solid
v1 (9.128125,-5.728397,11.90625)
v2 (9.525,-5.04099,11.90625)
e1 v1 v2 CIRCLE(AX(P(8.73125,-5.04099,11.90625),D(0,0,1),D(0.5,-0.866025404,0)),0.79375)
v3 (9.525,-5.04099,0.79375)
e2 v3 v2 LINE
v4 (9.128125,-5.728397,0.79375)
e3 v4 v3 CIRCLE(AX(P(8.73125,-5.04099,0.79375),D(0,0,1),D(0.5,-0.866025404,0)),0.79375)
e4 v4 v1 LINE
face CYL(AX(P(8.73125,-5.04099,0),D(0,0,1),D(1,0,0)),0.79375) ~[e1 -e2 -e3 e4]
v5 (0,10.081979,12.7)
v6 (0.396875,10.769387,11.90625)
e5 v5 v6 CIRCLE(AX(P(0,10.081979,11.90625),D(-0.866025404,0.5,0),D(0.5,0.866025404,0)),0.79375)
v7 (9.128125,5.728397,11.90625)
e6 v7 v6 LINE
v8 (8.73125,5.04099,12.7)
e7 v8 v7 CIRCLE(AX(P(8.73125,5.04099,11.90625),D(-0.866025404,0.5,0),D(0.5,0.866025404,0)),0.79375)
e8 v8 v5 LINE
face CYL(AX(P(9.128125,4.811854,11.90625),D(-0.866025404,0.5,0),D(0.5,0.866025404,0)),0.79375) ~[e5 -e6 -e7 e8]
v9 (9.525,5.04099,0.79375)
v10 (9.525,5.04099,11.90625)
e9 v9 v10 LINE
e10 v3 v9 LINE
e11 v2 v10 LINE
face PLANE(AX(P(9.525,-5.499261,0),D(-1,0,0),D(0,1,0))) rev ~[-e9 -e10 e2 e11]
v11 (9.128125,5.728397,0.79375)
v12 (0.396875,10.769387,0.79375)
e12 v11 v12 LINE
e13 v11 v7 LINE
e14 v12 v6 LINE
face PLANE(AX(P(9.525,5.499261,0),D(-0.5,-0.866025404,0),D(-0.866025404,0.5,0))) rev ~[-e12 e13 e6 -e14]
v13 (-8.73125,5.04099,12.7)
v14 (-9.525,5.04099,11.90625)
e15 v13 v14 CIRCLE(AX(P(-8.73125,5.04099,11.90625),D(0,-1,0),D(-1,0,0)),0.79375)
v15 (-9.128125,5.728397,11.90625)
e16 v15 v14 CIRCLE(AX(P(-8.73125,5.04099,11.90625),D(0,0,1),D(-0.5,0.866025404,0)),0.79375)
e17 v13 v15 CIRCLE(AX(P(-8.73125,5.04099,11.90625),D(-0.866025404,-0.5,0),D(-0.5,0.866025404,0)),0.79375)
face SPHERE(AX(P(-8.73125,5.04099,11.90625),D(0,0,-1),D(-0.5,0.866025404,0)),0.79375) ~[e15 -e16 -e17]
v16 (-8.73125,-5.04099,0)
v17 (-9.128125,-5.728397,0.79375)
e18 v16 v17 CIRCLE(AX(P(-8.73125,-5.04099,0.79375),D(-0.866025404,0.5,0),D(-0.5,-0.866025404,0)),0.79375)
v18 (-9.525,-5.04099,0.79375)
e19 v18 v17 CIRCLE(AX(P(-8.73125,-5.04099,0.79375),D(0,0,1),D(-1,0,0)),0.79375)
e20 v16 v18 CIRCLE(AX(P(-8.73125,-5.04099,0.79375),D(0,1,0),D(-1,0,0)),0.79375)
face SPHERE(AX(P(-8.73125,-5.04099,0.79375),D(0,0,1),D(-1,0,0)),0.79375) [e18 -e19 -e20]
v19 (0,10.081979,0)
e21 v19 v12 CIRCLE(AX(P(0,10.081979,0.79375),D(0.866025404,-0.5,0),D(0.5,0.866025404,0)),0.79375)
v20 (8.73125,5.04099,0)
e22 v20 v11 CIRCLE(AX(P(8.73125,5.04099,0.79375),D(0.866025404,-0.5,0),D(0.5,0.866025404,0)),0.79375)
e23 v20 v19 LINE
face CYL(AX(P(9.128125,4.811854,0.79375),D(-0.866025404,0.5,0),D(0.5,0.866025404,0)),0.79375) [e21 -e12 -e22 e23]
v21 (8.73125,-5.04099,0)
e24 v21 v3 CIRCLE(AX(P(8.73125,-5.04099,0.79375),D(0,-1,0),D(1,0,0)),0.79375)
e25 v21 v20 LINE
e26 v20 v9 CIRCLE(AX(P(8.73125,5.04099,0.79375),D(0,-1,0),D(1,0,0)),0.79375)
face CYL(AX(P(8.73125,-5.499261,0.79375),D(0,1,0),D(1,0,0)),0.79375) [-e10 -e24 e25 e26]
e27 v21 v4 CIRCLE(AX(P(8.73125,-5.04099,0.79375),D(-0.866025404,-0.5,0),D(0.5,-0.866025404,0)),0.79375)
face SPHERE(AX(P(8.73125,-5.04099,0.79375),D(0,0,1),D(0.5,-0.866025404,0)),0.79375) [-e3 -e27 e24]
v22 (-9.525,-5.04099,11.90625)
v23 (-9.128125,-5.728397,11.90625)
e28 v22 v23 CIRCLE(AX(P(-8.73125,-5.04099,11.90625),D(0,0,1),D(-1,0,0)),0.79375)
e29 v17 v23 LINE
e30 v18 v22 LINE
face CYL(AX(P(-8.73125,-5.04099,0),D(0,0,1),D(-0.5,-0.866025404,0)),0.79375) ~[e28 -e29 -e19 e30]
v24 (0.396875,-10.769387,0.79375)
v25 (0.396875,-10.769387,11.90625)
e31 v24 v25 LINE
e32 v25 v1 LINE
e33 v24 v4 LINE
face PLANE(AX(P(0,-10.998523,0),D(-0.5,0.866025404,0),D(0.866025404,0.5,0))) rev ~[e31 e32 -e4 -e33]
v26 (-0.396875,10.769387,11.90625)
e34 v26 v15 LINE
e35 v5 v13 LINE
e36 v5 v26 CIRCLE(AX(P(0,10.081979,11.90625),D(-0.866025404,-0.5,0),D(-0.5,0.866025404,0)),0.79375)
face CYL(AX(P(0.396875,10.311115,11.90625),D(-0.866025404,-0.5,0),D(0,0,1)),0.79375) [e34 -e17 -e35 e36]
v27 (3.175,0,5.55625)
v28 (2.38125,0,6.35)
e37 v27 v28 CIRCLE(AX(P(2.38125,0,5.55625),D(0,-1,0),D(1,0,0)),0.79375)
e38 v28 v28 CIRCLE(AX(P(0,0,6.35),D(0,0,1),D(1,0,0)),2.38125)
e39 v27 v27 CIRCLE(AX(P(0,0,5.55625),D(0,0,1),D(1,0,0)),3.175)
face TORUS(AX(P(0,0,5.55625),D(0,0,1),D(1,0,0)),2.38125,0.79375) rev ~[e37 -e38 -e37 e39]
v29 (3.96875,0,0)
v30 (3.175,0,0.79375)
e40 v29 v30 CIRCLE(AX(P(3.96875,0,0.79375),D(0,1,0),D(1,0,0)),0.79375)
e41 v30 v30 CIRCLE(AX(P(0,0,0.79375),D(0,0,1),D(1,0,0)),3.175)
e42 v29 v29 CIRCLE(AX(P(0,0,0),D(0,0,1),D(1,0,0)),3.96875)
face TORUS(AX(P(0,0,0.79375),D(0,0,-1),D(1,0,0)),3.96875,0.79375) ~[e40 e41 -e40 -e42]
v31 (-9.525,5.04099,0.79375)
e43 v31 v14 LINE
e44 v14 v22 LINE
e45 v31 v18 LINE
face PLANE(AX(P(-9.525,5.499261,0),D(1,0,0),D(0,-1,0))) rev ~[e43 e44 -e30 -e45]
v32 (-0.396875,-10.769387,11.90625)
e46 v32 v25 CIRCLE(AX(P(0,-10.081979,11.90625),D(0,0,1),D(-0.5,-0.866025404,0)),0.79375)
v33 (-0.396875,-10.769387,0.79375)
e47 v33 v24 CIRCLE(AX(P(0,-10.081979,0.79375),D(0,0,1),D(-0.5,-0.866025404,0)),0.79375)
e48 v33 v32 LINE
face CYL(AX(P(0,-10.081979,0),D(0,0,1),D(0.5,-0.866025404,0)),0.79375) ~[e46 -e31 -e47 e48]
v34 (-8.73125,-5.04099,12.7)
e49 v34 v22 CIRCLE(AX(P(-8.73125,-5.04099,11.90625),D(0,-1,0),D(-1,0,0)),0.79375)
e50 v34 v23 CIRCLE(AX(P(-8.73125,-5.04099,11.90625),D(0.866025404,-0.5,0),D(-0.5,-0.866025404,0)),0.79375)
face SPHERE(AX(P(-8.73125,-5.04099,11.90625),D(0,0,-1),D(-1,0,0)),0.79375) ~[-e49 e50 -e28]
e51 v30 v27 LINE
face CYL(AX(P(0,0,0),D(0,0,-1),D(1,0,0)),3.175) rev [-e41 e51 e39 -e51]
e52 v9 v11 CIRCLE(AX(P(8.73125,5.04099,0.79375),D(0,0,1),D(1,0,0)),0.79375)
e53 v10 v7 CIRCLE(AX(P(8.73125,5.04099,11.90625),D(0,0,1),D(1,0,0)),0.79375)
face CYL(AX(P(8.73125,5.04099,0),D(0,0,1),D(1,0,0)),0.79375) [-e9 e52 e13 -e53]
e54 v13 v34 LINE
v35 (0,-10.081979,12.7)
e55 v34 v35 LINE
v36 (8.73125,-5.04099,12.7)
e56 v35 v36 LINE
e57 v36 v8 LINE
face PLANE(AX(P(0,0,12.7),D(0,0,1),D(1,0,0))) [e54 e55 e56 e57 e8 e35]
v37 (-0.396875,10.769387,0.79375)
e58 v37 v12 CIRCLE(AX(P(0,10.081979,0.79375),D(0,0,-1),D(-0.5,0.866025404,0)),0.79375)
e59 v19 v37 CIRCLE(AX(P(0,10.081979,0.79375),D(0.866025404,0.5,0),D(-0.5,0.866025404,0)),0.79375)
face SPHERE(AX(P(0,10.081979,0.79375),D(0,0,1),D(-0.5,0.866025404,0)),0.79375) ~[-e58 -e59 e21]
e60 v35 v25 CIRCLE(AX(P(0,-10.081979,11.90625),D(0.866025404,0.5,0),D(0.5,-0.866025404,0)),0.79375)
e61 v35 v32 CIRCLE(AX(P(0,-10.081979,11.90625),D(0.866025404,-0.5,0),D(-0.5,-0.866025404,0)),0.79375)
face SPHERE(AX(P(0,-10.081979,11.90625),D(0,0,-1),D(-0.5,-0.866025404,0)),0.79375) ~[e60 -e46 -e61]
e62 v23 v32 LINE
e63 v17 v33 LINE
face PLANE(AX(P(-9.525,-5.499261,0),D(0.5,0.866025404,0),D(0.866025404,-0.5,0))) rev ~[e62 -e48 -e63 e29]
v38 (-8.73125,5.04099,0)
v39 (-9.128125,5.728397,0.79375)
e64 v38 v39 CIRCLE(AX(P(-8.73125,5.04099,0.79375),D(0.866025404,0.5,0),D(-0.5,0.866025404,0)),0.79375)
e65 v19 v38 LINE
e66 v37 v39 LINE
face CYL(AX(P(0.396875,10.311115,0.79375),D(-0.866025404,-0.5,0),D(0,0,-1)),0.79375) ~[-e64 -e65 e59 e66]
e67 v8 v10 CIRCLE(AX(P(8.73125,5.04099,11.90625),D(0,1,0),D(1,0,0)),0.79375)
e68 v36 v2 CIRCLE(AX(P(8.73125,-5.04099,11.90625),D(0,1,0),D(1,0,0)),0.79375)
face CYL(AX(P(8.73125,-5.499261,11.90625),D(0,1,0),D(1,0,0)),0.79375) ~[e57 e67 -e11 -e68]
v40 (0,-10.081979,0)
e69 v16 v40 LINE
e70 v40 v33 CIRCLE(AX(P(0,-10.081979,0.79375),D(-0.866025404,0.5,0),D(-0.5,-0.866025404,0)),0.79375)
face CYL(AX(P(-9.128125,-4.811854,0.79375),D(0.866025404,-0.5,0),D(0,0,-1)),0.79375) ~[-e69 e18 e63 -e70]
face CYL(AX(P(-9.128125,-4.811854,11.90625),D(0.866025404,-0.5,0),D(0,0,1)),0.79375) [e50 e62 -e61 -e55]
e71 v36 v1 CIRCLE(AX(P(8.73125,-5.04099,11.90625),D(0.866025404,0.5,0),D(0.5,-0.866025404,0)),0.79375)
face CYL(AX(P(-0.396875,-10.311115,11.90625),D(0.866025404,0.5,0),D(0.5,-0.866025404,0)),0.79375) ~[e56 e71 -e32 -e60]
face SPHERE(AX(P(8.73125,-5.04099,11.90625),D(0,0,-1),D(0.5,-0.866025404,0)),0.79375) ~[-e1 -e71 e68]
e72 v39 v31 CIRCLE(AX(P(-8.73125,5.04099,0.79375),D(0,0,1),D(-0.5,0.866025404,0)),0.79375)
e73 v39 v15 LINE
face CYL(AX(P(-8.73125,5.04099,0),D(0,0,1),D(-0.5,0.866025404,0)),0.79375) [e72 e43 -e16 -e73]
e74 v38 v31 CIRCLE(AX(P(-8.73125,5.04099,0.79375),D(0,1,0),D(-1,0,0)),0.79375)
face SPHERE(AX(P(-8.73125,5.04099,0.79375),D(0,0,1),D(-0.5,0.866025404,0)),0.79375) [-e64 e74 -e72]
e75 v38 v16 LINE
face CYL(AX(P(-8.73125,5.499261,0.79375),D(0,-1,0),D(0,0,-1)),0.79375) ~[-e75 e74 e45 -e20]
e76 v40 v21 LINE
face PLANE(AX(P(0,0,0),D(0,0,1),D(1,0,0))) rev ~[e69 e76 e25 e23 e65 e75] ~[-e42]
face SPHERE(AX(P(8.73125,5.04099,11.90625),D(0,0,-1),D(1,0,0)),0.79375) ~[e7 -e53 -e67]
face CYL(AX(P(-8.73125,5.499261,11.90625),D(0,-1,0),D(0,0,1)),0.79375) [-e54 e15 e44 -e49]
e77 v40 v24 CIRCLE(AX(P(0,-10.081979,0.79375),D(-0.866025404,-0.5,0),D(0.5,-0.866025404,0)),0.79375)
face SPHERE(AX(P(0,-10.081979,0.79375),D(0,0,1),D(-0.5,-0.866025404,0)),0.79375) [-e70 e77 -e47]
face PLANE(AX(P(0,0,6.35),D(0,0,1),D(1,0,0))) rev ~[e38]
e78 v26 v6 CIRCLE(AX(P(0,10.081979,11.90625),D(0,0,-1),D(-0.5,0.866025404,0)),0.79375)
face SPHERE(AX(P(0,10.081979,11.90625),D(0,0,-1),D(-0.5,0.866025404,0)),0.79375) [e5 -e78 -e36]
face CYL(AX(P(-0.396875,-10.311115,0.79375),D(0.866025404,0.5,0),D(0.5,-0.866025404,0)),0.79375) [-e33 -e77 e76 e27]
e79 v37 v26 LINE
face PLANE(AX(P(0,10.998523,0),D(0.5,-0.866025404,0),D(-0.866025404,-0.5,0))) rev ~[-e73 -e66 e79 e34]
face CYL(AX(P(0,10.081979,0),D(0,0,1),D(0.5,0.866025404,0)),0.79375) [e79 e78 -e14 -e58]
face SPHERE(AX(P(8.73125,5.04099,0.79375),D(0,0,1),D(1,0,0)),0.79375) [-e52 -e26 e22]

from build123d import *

# Parameters (mm, degrees)
F0_R     = 3.175
F1_DEPTH = 12.7
F2_DEPTH = 6.35
F3_R     = 0.79375


with BuildPart() as f1:
    # F0 (on Top) → F1 (new body)
    with BuildSketch(Plane.XY):
        Polygon((9.525, -5.499261314), (9.525, 5.499261314), (0, 10.9985226281), (-9.525, 5.499261314), (-9.525, -5.499261314), (0, -10.9985226281), align=None)
        Circle(F0_R, mode=Mode.SUBTRACT)
        Circle(F0_R)
    extrude(amount=F1_DEPTH)

    # F0 (on Top) → F2 (cut)
    with BuildSketch(Plane.XY):
        Circle(F0_R)
    extrude(amount=F2_DEPTH, mode=Mode.SUBTRACT)

    # F3
    f3_edges = [f1.edges().sort_by_distance(p)[0] for p in [
        (0, 10.998523, 6.35),
        (-9.525, 5.499261, 6.35),
        (-4.7625, 8.248892, 0),
        (-4.7625, 8.248892, 12.7),
        (-9.525, -5.499261, 6.35),
        (-9.525, 0, 0),
        (-9.525, 0, 12.7),
        (0, -10.998523, 6.35),
        (-4.7625, -8.248892, 0),
        (-4.7625, -8.248892, 12.7),
        (9.525, -5.499261, 6.35),
        (4.7625, -8.248892, 0),
        (4.7625, -8.248892, 12.7),
        (9.525, 0, 12.7),
        (4.7625, 8.248892, 12.7),
        (9.525, 5.499261, 6.35),
        (9.525, 0, 0),
        (4.7625, 8.248892, 0),
        (3.175, 0, 3.175),
        (-3.175, 0, 0),
        (-3.175, 0, 6.35),
    ]]
    fillet(f3_edges, radius=F3_R)


solid = f1.part
